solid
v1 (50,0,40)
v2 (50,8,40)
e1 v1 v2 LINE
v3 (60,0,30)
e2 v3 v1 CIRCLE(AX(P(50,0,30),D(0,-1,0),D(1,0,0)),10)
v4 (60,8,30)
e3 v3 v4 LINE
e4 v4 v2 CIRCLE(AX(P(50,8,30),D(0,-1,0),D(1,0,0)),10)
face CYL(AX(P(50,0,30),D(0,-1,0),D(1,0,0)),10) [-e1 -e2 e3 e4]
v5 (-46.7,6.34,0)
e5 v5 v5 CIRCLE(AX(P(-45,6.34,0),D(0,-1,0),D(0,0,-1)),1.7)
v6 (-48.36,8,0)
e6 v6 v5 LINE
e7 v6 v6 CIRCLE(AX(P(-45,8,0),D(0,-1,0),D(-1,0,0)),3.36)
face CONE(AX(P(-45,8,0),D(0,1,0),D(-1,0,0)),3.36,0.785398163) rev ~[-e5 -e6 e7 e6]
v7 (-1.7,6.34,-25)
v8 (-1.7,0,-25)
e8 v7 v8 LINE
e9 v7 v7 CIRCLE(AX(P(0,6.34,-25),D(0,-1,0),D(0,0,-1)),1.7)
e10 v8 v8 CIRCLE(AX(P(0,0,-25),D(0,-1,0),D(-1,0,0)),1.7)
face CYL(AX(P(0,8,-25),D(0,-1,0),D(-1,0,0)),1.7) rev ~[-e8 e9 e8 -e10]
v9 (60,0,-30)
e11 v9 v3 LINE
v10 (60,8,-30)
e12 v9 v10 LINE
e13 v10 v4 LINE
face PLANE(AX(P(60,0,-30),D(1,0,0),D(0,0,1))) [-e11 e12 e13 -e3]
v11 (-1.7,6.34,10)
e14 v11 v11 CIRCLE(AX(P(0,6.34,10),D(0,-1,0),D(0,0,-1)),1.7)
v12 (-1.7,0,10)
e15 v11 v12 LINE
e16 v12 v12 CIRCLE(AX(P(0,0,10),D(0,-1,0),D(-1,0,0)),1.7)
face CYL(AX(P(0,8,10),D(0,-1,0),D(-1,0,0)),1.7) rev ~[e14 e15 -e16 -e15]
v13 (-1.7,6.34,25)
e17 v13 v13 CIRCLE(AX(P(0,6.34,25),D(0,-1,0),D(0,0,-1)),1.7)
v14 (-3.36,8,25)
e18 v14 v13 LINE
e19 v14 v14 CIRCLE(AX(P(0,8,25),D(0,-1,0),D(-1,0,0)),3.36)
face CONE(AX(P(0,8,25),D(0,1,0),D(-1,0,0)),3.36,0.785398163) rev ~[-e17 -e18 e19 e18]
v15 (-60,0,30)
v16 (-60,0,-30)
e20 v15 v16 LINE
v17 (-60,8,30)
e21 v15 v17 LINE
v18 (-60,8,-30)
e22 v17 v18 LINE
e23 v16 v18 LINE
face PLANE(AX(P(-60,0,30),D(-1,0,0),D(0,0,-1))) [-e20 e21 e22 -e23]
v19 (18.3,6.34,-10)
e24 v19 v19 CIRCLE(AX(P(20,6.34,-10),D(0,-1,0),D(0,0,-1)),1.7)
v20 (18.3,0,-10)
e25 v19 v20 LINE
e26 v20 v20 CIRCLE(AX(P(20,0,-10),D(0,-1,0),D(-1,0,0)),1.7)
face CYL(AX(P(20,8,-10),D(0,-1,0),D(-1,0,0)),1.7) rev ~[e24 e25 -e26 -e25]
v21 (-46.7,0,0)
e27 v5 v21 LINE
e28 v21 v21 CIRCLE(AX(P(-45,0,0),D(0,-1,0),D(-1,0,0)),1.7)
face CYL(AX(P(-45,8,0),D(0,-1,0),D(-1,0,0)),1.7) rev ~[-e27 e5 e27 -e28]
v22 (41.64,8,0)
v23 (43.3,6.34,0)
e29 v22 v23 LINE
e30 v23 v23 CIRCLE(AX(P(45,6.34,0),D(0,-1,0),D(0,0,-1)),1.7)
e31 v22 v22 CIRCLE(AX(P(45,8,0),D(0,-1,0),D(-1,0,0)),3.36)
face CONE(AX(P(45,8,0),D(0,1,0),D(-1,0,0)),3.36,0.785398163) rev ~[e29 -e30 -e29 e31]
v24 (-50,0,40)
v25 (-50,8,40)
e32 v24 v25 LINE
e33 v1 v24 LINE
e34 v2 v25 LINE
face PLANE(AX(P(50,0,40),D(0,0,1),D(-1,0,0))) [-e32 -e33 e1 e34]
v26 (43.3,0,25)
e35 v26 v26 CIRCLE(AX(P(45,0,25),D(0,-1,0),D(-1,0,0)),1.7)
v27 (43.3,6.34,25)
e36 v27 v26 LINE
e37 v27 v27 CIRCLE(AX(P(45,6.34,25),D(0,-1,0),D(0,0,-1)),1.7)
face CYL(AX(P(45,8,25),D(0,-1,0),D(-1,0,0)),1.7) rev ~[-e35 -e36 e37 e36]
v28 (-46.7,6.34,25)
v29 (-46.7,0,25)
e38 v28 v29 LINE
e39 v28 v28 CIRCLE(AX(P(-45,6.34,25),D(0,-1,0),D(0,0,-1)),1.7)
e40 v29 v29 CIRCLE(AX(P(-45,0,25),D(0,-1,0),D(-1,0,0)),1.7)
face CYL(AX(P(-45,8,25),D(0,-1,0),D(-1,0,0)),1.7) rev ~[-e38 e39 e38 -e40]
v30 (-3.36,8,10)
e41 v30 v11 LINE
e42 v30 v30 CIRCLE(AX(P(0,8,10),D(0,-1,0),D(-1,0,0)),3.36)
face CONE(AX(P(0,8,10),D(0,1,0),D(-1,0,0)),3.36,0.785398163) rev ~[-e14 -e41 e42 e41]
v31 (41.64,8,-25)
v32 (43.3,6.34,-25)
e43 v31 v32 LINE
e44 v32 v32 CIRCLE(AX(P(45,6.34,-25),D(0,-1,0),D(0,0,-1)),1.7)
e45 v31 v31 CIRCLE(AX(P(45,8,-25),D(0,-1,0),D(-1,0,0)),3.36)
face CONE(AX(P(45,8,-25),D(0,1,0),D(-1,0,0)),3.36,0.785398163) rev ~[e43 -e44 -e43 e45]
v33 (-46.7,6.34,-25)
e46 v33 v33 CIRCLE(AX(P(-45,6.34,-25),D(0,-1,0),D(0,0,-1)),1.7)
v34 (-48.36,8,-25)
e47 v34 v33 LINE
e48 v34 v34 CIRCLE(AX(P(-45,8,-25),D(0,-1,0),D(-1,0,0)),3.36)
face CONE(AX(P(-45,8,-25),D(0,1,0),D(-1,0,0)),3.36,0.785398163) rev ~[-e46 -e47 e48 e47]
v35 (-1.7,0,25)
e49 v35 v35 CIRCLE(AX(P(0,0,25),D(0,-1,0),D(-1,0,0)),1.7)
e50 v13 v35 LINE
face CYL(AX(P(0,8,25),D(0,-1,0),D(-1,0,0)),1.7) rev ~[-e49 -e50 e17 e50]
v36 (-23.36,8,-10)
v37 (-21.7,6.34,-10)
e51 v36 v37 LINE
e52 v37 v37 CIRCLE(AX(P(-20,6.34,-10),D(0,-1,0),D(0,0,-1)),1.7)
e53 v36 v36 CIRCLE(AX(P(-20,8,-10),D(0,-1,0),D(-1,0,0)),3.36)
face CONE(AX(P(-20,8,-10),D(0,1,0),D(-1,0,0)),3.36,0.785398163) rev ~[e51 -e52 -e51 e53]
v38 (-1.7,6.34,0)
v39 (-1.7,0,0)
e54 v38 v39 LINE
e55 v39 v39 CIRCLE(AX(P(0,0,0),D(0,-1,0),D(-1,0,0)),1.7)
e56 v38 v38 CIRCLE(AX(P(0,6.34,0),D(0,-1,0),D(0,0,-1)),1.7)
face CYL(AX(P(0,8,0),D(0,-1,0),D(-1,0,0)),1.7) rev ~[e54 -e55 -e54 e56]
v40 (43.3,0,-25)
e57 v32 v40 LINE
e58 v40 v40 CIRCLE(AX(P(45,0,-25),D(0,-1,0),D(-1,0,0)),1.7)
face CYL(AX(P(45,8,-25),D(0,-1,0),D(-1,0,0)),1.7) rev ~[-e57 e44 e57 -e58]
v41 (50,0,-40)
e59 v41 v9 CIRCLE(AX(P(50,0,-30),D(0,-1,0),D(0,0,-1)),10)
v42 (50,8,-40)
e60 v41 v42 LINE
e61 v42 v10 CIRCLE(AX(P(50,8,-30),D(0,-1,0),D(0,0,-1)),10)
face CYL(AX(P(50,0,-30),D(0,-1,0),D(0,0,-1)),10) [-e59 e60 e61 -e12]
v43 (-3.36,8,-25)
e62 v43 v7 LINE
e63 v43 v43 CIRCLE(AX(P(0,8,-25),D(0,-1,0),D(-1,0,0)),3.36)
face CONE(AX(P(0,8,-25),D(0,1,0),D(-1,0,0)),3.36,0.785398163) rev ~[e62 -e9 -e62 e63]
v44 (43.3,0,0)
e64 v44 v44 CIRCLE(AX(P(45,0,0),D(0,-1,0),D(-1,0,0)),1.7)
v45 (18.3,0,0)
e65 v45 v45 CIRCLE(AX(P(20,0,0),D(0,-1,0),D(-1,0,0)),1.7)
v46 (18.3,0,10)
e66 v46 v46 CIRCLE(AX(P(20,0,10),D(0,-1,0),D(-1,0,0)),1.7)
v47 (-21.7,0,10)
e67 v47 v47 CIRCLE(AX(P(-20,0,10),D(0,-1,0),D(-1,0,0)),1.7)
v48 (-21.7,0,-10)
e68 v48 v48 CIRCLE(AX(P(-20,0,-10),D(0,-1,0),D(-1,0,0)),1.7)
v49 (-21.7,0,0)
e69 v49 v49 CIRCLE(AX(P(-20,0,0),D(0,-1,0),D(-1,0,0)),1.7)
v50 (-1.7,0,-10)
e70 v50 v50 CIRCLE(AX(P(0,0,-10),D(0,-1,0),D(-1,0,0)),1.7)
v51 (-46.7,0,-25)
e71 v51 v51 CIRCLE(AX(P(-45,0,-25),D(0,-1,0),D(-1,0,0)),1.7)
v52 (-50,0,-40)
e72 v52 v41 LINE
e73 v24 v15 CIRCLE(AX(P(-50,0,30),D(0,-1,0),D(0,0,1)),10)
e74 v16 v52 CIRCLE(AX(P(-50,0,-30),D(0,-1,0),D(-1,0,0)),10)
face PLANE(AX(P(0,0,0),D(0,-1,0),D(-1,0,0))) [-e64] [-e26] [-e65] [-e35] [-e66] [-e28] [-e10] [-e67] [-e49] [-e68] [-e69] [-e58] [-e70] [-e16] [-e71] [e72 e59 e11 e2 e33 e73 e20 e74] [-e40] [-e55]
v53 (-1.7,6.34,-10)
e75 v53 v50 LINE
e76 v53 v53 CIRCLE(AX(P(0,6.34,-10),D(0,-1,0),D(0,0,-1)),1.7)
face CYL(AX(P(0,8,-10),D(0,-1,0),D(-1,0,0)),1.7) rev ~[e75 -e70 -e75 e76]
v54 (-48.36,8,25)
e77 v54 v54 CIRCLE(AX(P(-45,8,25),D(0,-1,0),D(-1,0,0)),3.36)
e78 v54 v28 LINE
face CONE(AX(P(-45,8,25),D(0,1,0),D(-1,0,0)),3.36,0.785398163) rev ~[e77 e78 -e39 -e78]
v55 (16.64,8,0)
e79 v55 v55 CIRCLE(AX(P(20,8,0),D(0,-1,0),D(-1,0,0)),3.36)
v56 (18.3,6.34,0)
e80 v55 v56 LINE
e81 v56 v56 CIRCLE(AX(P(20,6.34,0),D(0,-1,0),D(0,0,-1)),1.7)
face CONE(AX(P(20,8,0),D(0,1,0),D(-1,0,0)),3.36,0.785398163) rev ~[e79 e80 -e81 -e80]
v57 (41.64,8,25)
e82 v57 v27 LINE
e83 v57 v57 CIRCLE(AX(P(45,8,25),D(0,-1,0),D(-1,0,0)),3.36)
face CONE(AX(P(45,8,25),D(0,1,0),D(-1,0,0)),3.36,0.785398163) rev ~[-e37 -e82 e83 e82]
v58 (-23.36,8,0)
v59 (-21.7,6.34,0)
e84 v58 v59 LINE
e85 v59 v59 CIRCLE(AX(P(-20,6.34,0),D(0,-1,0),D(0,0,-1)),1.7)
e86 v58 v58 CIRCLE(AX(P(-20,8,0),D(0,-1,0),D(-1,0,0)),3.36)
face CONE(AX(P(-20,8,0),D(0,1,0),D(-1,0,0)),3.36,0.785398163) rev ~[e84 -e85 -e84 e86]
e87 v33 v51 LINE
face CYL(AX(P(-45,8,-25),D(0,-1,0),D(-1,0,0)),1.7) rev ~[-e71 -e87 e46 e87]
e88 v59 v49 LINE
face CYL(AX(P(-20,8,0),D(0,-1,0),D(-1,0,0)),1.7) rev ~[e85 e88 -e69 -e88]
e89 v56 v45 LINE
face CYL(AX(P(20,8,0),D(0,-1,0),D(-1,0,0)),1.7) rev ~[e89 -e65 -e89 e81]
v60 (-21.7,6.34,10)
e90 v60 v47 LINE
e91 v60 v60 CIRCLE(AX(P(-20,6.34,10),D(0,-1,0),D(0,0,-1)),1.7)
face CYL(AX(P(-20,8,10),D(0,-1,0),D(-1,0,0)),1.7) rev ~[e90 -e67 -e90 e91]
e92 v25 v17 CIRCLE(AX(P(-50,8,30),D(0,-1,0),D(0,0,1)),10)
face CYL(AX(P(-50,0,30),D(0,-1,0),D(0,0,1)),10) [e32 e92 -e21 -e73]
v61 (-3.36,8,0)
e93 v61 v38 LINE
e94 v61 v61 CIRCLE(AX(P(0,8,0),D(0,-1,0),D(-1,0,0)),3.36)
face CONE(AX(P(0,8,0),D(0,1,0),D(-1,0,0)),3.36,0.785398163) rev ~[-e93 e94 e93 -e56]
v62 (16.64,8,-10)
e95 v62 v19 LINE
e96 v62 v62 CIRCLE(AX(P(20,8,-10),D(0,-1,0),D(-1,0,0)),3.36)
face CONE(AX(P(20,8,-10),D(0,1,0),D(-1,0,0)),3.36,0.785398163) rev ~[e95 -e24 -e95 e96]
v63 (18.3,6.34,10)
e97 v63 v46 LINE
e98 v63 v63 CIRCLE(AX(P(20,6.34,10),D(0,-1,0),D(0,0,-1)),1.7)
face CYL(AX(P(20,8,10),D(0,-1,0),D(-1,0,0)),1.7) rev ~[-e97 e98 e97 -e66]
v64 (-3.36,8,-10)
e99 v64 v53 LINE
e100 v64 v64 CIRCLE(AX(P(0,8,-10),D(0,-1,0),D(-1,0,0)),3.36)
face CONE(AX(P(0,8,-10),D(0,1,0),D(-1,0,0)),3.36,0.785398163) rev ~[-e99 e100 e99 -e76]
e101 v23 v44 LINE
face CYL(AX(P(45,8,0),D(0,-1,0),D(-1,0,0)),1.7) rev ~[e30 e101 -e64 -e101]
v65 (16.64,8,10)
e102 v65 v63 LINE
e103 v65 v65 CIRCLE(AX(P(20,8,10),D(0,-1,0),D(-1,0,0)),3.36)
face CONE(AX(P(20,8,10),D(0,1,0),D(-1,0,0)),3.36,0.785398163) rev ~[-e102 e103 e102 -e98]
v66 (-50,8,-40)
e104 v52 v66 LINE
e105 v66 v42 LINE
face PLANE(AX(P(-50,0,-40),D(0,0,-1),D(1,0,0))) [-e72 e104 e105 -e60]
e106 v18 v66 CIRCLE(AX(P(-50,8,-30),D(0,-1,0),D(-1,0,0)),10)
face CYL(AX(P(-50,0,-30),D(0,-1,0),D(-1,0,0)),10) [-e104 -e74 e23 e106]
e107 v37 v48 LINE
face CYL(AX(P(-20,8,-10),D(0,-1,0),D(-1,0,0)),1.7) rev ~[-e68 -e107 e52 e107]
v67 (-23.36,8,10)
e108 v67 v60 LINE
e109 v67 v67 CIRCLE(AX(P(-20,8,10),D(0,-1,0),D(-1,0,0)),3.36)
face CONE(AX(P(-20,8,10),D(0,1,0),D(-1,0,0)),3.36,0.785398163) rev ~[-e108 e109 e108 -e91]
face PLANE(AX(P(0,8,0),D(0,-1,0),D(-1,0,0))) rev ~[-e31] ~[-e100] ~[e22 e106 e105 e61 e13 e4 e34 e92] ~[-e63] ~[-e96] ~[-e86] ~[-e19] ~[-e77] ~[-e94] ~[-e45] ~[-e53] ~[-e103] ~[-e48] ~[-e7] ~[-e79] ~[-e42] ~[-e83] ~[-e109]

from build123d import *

# Parameters (mm, degrees)
BOSS_EXTRUDE2_DEPTH                                  = 8
CSK_FOR_M3_HEX_SOCKET_COUNTERSUNK_CAP_SC_D           = 3.4
CSK_FOR_M3_HEX_SOCKET_COUNTERSUNK_CAP_SC_CSINK_D     = 6.72
CSK_FOR_M3_HEX_SOCKET_COUNTERSUNK_CAP_SC_CSINK_ANGLE = 90


with BuildPart() as part:
    # Sketch3 → Boss-Extrude2 (new body)
    with BuildSketch(Plane(origin=(0, 0, 0), x_dir=(1, 0, 0), z_dir=(0, 1, 0))):
        with BuildLine():
            Line((-50, 40), (50, 40))
            ThreePointArc((50, 40), (57.071067812, 37.071067812), (60, 30))
            Line((60, 30), (60, -30))
            ThreePointArc((60, -30), (57.071067812, -37.071067812), (50, -40))
            Line((50, -40), (-50, -40))
            ThreePointArc((-50, -40), (-57.071067812, -37.071067812), (-60, -30))
            Line((-60, -30), (-60, 30))
            ThreePointArc((-60, 30), (-57.071067812, 37.071067812), (-50, 40))
        make_face()
    extrude(amount=BOSS_EXTRUDE2_DEPTH)

    # CSK for M3 Hex Socket Countersunk Cap Screw1 (through all)
    with Locations(Plane(origin=(0, 8, 0), x_dir=(1, 0, 0), z_dir=(0, 1, 0))):
        with Locations((0, 0), (0, 10), (0, 25), (20, 10), (20, 0), (45, 0), (45, 25), (-45, 25), (-45, 0), (-20, 10), (-20, 0), (-20, -10), (-45, -25), (45, -25), (20, -10), (0, -25), (0, -10)):
            CounterSinkHole(CSK_FOR_M3_HEX_SOCKET_COUNTERSUNK_CAP_SC_D / 2, CSK_FOR_M3_HEX_SOCKET_COUNTERSUNK_CAP_SC_CSINK_D / 2, counter_sink_angle=CSK_FOR_M3_HEX_SOCKET_COUNTERSUNK_CAP_SC_CSINK_ANGLE)


solid = part.part
